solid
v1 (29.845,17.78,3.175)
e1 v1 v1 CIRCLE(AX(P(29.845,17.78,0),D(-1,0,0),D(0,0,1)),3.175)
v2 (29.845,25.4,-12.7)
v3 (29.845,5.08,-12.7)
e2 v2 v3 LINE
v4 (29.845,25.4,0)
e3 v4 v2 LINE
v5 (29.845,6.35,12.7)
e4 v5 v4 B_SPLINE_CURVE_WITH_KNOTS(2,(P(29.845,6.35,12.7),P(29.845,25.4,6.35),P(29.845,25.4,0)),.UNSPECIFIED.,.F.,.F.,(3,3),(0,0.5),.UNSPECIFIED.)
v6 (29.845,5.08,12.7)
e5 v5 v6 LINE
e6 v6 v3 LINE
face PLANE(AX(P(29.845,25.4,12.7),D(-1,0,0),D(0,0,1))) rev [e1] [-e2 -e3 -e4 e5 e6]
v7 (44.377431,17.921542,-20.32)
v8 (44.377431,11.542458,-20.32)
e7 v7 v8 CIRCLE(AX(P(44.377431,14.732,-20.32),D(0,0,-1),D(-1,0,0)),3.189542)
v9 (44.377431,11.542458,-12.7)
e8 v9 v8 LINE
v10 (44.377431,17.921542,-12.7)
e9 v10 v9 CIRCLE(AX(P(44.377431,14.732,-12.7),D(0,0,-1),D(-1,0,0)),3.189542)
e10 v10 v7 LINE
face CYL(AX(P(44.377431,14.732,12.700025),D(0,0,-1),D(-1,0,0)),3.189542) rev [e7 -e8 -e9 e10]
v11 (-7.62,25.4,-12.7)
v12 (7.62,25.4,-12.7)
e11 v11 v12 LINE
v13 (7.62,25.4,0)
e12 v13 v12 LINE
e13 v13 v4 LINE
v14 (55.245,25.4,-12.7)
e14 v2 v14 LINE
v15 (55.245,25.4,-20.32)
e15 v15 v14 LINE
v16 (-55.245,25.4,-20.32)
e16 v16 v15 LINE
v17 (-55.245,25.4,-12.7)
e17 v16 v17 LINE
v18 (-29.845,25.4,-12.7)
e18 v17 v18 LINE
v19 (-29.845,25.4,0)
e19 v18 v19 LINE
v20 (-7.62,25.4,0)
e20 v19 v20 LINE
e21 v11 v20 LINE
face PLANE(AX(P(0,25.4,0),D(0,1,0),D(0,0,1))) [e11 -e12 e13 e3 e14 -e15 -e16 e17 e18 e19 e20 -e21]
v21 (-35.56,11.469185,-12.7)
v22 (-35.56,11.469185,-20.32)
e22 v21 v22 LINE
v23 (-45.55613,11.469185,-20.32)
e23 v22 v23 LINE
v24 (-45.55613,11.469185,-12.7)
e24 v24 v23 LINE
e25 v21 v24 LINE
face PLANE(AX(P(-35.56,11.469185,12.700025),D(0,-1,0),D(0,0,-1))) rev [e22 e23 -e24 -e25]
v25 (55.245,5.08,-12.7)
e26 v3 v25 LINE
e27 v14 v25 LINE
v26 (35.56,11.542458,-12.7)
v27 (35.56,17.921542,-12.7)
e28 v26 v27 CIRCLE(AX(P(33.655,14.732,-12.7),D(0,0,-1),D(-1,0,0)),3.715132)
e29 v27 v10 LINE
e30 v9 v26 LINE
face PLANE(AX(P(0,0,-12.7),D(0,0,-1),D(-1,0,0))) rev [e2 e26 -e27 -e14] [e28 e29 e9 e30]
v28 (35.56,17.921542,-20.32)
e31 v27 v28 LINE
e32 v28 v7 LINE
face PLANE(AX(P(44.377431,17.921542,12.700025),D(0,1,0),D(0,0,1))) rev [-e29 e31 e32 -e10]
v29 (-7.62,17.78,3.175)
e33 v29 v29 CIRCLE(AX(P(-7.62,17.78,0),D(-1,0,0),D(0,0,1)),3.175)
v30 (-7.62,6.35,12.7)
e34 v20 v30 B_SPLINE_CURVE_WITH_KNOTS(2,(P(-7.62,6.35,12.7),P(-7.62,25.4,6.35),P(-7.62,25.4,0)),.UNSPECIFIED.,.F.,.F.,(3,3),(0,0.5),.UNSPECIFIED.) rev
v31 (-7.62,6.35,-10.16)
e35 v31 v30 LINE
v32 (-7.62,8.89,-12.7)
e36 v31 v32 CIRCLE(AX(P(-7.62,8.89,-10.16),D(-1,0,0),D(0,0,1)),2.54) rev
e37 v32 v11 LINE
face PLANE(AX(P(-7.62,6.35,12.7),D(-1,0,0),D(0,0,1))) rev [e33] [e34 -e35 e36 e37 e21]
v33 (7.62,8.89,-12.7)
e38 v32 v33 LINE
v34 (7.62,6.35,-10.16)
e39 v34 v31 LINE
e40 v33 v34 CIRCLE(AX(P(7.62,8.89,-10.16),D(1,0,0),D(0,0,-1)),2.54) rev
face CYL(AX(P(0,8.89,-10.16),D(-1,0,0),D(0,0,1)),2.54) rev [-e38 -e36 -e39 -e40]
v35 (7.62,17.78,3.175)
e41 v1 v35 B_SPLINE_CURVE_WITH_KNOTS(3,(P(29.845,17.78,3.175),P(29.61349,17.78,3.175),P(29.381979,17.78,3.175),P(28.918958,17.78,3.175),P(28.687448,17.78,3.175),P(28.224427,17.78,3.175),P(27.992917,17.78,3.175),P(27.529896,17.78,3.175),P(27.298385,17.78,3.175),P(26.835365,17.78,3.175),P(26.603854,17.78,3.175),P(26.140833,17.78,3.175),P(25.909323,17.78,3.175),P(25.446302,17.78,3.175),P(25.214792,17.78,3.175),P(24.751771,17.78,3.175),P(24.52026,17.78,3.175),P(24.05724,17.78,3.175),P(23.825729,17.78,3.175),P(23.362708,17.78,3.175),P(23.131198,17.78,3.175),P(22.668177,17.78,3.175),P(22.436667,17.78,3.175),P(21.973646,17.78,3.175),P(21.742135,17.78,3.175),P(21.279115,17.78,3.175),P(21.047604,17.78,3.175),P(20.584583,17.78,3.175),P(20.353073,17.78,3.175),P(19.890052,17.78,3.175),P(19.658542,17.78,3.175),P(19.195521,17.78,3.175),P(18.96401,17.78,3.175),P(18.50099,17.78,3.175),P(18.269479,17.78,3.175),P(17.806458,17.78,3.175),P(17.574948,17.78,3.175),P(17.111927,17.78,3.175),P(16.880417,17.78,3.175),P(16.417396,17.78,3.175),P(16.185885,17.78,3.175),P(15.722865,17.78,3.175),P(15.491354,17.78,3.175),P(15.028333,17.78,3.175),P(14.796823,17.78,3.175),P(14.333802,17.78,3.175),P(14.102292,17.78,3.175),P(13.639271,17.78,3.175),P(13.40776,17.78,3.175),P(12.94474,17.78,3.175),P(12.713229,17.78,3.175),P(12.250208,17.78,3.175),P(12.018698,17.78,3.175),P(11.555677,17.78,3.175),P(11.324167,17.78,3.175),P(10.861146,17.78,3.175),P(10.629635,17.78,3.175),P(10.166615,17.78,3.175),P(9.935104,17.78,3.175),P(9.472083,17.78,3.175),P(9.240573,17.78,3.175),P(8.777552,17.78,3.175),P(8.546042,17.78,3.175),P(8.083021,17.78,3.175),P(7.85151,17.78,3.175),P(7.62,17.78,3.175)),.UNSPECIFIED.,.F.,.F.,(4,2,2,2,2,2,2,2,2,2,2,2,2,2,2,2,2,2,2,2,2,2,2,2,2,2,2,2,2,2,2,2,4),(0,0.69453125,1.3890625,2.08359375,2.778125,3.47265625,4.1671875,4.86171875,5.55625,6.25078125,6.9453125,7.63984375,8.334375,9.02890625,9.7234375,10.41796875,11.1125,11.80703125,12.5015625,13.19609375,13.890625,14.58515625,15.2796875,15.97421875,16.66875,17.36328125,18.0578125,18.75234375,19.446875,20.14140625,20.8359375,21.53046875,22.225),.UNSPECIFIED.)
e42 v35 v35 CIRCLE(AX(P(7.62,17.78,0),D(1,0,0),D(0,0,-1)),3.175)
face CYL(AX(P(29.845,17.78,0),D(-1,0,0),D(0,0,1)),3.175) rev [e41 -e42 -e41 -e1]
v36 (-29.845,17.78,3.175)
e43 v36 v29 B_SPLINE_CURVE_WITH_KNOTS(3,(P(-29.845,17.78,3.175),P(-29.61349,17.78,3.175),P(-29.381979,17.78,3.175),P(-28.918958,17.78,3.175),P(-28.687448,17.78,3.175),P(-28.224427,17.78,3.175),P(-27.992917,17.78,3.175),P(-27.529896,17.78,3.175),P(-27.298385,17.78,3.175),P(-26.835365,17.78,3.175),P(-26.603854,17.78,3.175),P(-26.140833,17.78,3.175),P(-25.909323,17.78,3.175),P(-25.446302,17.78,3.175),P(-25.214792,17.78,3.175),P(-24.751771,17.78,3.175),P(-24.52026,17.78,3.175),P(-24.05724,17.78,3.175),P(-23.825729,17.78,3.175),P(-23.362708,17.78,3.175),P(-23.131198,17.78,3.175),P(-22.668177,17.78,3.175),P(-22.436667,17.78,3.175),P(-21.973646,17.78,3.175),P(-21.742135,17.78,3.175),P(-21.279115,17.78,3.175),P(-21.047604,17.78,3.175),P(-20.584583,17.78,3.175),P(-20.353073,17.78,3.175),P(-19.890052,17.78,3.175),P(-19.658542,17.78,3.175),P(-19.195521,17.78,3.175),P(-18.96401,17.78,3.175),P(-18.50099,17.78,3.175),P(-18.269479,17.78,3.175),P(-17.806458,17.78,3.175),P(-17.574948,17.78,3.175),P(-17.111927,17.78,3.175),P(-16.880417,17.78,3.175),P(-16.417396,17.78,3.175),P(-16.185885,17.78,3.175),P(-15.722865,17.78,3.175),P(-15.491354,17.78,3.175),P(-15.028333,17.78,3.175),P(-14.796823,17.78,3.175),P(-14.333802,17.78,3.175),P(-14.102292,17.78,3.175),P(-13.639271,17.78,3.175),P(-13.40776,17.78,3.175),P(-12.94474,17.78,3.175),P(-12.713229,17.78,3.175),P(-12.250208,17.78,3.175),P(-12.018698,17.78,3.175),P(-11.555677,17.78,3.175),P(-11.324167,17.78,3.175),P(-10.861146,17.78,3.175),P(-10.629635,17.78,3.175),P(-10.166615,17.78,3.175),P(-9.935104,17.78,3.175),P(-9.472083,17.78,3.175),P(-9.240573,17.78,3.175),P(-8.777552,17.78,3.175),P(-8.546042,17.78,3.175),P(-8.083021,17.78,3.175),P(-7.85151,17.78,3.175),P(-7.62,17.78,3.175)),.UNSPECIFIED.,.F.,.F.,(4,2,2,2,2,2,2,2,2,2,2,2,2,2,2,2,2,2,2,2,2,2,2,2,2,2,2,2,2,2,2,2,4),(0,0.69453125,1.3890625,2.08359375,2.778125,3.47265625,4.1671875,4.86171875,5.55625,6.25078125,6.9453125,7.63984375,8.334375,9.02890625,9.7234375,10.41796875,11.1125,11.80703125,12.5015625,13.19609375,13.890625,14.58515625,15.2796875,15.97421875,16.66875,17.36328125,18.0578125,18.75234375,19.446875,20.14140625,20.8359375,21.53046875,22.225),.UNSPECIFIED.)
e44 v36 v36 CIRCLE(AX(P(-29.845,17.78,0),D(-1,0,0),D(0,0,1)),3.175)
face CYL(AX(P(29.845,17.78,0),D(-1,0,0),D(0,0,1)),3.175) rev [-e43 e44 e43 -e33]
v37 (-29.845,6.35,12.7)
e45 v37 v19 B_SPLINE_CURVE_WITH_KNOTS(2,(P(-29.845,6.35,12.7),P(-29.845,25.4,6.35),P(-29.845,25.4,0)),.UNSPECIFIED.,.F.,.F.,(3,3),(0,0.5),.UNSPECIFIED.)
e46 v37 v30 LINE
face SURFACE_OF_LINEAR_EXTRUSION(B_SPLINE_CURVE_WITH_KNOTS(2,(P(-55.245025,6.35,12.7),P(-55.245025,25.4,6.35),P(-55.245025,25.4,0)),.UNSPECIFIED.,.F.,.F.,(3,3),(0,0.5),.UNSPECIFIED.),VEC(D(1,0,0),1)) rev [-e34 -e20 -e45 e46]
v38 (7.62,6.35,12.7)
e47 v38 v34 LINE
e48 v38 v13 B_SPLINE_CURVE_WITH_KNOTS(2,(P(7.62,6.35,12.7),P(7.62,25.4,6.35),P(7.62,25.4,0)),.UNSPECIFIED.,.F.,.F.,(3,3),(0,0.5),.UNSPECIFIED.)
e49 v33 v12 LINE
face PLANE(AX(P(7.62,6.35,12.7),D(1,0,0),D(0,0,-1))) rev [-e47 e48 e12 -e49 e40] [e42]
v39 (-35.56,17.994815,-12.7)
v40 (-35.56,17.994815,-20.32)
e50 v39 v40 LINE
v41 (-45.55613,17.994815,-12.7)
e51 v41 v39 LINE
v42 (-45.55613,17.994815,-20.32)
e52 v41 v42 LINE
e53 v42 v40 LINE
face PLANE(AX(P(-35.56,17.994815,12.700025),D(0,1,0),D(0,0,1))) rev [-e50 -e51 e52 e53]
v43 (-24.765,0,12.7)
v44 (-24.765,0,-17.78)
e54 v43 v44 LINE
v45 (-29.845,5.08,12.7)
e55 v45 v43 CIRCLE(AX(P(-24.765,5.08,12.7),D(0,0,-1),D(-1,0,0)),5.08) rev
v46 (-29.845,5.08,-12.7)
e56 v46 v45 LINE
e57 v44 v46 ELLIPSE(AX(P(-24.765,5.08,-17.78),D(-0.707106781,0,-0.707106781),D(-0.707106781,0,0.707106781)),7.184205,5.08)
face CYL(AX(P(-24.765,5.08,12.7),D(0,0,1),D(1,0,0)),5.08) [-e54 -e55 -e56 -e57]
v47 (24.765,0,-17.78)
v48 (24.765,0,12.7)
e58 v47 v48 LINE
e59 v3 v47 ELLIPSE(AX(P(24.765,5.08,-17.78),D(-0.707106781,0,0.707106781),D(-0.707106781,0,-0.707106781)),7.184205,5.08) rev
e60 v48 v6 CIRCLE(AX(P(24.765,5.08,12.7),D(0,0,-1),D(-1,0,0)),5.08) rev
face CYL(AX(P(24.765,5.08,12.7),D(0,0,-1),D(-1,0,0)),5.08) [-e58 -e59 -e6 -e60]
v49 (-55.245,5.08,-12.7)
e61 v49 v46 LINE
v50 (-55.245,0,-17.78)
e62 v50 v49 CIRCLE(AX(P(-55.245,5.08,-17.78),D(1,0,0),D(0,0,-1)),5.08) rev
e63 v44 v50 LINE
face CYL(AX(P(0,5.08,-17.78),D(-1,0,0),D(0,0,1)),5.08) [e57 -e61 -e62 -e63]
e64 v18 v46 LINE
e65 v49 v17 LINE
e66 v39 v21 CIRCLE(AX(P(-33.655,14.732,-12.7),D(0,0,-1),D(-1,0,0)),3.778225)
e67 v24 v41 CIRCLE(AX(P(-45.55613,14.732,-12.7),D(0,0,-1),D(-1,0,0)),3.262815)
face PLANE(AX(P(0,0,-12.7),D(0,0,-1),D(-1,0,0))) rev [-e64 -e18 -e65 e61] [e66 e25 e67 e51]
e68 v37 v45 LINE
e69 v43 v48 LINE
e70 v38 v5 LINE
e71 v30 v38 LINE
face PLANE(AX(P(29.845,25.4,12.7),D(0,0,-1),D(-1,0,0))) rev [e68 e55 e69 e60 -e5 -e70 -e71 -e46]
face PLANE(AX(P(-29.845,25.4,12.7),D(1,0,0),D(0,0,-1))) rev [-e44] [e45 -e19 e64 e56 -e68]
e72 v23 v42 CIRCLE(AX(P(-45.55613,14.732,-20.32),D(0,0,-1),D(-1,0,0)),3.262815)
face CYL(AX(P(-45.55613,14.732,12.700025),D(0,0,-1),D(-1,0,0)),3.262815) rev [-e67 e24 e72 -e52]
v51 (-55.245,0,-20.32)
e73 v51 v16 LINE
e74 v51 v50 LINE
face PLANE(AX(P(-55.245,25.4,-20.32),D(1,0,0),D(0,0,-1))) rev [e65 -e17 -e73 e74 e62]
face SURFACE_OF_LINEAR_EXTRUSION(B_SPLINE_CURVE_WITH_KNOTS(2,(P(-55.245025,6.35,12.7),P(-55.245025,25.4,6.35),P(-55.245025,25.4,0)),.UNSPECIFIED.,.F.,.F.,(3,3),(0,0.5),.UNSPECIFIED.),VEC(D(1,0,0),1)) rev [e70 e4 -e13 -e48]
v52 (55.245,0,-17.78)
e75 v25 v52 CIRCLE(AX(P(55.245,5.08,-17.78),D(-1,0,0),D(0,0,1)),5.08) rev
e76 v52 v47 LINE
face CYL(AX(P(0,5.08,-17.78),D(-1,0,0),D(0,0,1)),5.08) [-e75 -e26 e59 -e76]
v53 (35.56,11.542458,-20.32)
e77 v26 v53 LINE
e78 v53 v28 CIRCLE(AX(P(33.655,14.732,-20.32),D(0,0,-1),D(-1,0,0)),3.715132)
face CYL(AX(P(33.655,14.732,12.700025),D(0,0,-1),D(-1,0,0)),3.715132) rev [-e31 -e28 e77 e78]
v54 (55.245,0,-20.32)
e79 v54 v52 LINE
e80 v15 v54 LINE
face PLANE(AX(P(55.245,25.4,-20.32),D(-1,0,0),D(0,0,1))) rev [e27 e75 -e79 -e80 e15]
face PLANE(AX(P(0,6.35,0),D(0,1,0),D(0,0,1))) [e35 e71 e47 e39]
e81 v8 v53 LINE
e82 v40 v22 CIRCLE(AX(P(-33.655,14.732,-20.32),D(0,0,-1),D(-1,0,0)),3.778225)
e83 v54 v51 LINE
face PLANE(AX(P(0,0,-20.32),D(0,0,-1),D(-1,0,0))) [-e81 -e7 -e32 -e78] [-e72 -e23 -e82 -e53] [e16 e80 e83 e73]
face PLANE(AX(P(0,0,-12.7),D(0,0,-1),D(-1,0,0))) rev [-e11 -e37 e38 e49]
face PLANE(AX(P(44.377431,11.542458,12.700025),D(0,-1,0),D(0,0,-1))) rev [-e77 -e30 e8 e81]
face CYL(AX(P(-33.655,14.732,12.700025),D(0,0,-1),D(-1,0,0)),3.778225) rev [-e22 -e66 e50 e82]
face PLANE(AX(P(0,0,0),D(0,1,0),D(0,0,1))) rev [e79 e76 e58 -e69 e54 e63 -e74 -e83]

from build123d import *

# Parameters (mm, degrees)
SKETCH1_W           = 59.69
SKETCH1_H           = 25.4
BOSS_EXTRUDE1_DEPTH = 25.4
SKETCH2_W           = 15.24
SKETCH2_H           = 25.4
CUT_EXTRUDE1_DEPTH  = 19.05
SKETCH3_R           = 3.175
CUT_EXTRUDE2_DEPTH  = 67.101029493
SKETCH5_W           = 110.49
SKETCH5_H           = 25.4
BOSS_EXTRUDE2_DEPTH = 7.62
CUT_EXTRUDE4_DEPTH  = 92.095392309
CUT_EXTRUDE5_DEPTH  = 70.191693408
FILLET2_R           = 5.08
FILLET3_R           = 2.54


with BuildPart() as part:
    # Sketch1 → Boss-Extrude1 (new body)
    with BuildSketch(Plane(origin=(0, 0, 0), x_dir=(1, 0, 0), z_dir=(0, 1, 0))):
        Rectangle(SKETCH1_W, SKETCH1_H)
    extrude(amount=BOSS_EXTRUDE1_DEPTH)

    # Sketch2 → Cut-Extrude1 (cut)
    with BuildSketch(Plane(origin=(0, 25.4, 0), x_dir=(1, 0, 0), z_dir=(0, 1, 0))):
        Rectangle(SKETCH2_W, SKETCH2_H)
    extrude(amount=-CUT_EXTRUDE1_DEPTH, mode=Mode.SUBTRACT)

    # Sketch3 → Cut-Extrude2 (cut, through all)
    with BuildSketch(Plane.ZY.offset(29.845)):
        with Locations((0, 17.78)):
            Circle(SKETCH3_R)
    extrude(amount=-CUT_EXTRUDE2_DEPTH, mode=Mode.SUBTRACT)

    # Sketch5 → Boss-Extrude2 (add)
    with BuildSketch(Plane(origin=(0, 0, -12.7), x_dir=(-1, 0, 0), z_dir=(0, 0, -1))):
        with Locations((0, 12.7)):
            Rectangle(SKETCH5_W, SKETCH5_H)
    extrude(amount=BOSS_EXTRUDE2_DEPTH)

    # Sketch4 → Cut-Extrude4 (cut, through all)
    with BuildSketch(Plane(origin=(29.845, 0, 0), x_dir=(0, 0, -1), z_dir=(1, 0, 0))):
        with BuildLine():
            Line((-12.7, 6.35), (-12.7, 25.4))
            Line((-12.7, 25.4), (0, 25.4))
            add(Edge.make_bspline(
                [(-12.7, 6.35), (-6.35, 25.4), (0, 25.4)],
                knots=[0, 0, 0, 0.5, 0.5, 0.5], degree=2))
        make_face()
    extrude(amount=-CUT_EXTRUDE4_DEPTH, mode=Mode.SUBTRACT)

    # Sketch6 → Cut-Extrude5 (cut, through all)
    with BuildSketch(Plane(origin=(0, 0, -20.32), x_dir=(-1, 0, 0), z_dir=(0, 0, -1))):
        with BuildLine():
            Line((-44.37743079, 17.921542216), (-35.56, 17.921542216))
            ThreePointArc((-35.56, 17.921542216), (-29.939868166, 14.732), (-35.56, 11.542457784))
            Line((-35.56, 11.542457784), (-44.37743079, 11.542457784))
            ThreePointArc((-44.37743079, 11.542457784), (-47.566973006, 14.732), (-44.37743079, 17.921542216))
        make_face()
        with BuildLine():
            Line((35.56, 17.994815174), (45.556129925, 17.994815174))
            ThreePointArc((45.556129925, 17.994815174), (48.818945099, 14.732), (45.556129925, 11.469184826))
            Line((45.556129925, 11.469184826), (35.56, 11.469184826))
            ThreePointArc((35.56, 11.469184826), (29.876774509, 14.732), (35.56, 17.994815174))
        make_face()
    extrude(amount=-CUT_EXTRUDE5_DEPTH, mode=Mode.SUBTRACT)

    # Fillet2
    fillet2_edges = [part.edges().sort_by_distance(p)[0] for p in [
        (42.545, 0, -12.7),
        (-42.545, 0, -12.7),
        (29.845, 0, 0),
        (-29.845, 0, 0),
    ]]
    fillet(fillet2_edges, radius=FILLET2_R)

    # Fillet3
    fillet3_edges = [part.edges().sort_by_distance(p)[0] for p in [
        (0, 6.35, -12.7),
    ]]
    fillet(fillet3_edges, radius=FILLET3_R)


solid = part.part
